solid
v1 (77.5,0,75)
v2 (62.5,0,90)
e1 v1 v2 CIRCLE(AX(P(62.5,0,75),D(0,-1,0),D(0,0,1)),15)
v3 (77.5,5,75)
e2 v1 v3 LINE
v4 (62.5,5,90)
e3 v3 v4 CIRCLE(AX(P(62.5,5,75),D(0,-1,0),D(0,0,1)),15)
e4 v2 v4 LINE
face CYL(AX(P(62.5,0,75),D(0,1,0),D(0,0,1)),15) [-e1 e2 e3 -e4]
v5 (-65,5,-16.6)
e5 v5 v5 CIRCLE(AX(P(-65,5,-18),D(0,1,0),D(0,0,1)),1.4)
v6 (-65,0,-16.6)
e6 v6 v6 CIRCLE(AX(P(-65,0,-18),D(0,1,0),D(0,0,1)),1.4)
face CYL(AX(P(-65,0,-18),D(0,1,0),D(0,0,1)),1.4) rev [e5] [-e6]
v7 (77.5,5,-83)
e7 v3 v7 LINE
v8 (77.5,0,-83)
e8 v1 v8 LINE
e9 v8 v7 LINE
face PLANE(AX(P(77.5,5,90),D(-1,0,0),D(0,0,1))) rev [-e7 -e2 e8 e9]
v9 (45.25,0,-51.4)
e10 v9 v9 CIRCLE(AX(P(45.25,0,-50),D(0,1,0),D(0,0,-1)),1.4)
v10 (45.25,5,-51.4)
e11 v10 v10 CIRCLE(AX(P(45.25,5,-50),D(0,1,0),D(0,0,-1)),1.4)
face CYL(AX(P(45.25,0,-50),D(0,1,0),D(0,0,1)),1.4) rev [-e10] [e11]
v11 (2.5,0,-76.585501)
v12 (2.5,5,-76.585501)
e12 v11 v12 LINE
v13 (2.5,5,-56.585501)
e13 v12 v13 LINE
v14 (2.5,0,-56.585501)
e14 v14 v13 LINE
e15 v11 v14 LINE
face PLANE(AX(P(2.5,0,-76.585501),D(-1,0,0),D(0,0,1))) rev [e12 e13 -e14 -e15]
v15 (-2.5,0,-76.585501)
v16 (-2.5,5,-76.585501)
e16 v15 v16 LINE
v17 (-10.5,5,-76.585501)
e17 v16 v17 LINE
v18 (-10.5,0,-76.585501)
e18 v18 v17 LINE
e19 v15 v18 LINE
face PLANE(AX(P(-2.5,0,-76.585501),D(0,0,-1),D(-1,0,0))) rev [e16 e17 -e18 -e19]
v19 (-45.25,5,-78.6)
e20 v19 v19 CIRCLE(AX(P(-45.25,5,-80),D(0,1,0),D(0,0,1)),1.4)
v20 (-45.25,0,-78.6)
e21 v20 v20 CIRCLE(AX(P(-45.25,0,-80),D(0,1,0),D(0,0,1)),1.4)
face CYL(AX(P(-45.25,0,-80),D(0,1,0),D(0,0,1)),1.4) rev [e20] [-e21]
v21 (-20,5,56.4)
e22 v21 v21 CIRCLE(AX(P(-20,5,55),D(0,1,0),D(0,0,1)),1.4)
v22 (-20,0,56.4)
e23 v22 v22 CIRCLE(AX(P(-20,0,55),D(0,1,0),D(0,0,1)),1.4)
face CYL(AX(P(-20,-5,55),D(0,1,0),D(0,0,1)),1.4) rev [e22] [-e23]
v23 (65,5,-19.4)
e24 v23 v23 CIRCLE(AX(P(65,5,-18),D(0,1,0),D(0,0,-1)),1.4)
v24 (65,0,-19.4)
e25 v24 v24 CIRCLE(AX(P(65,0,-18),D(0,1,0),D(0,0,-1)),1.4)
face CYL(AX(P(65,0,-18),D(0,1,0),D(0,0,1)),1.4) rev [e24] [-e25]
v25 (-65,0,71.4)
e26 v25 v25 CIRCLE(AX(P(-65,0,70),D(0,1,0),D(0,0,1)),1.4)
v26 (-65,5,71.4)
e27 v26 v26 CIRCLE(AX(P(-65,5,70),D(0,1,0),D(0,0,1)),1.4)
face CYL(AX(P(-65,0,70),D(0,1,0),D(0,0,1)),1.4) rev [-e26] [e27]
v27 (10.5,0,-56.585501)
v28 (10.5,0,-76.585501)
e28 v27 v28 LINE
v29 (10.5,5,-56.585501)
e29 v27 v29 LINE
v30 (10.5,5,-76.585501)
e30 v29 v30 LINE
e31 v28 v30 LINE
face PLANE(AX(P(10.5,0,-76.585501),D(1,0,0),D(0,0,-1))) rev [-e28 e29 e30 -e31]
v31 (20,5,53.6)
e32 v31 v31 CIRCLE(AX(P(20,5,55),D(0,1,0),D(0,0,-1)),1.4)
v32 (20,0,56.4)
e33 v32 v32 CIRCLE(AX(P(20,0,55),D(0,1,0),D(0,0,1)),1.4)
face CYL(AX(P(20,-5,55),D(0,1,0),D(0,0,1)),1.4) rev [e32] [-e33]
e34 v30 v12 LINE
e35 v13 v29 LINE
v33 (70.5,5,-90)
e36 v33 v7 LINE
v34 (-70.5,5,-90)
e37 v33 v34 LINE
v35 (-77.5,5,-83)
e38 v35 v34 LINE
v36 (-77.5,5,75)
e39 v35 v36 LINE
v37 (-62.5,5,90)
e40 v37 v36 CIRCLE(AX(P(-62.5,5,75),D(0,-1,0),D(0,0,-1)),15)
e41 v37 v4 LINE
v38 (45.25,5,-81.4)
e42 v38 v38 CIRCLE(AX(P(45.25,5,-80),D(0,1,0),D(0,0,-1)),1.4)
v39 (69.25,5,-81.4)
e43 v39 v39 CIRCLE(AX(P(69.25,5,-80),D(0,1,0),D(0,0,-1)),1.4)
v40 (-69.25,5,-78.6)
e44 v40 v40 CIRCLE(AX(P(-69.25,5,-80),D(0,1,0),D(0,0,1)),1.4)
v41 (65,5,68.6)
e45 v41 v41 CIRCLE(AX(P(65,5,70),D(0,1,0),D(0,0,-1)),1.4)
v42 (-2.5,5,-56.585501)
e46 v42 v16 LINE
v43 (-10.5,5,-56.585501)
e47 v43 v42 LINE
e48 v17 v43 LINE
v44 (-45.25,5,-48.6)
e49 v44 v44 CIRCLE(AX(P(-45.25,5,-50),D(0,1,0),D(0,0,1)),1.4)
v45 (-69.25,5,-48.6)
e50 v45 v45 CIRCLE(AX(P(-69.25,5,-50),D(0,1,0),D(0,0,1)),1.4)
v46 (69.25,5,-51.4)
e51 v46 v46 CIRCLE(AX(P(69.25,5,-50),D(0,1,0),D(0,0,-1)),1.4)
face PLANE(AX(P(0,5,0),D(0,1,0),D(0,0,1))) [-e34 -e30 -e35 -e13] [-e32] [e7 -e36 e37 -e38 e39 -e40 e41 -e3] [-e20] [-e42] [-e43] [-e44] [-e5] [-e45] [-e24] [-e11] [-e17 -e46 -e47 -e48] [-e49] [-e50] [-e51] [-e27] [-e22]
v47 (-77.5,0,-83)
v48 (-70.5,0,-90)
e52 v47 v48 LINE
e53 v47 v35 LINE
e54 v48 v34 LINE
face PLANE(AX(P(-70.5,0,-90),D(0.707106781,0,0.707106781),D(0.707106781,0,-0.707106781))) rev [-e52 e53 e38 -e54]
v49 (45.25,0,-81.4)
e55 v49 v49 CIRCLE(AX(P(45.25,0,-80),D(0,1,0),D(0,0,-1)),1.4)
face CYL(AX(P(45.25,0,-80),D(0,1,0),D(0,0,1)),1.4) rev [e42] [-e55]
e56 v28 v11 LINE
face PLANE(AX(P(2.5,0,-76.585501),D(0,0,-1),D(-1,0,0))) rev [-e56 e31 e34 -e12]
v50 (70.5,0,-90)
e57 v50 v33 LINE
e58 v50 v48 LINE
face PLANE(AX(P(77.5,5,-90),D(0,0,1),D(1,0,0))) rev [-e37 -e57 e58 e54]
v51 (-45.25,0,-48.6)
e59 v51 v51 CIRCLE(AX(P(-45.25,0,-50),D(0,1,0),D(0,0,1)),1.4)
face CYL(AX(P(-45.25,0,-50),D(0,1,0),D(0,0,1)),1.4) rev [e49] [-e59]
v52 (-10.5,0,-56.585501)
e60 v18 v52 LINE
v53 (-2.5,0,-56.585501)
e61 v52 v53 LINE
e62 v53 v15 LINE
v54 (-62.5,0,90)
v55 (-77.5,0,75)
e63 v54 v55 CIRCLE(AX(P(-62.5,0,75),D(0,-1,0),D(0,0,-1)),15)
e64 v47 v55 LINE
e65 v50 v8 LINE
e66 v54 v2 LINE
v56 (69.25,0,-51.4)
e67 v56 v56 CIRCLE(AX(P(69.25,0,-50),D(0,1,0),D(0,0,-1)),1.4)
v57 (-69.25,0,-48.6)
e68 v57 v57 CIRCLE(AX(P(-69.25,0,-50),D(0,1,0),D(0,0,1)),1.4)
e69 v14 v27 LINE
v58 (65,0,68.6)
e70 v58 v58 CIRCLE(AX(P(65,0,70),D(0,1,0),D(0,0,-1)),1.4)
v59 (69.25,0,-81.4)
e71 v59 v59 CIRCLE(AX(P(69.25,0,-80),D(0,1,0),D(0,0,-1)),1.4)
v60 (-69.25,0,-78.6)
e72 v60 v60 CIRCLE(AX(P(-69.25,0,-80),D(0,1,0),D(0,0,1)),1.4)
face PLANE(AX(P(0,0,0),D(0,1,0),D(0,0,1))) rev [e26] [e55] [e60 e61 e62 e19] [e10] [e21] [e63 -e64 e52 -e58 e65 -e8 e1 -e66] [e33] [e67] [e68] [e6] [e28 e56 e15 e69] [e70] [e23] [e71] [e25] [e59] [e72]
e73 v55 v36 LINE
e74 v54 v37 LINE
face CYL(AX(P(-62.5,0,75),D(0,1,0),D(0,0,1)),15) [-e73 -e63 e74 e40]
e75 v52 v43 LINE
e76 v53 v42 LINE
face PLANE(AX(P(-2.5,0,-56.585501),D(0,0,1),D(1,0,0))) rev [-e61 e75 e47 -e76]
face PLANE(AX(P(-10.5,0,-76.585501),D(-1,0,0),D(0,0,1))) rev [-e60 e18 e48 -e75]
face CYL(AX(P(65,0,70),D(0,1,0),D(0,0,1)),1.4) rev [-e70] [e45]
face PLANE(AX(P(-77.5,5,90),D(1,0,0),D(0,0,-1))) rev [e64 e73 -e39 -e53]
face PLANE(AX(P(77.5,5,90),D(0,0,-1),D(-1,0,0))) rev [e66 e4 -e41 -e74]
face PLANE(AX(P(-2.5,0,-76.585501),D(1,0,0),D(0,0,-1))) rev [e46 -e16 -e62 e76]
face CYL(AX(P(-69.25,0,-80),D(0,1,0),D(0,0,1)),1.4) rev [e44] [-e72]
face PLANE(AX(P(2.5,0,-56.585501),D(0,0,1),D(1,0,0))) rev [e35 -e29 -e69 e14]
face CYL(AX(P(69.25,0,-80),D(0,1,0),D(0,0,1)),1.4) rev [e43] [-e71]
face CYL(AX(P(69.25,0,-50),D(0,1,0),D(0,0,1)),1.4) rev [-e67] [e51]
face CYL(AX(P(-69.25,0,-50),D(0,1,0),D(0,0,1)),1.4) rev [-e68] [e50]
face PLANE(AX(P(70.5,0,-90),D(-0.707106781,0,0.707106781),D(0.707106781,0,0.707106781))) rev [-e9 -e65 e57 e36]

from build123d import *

# Parameters (mm, degrees)
SKETCH7_W           = 155
SKETCH7_H           = 180
BOSS_EXTRUDE2_DEPTH = 5
SKETCH8_R           = 1.4
CUT_EXTRUDE3_DEPTH  = 5
SKETCH9_R           = 1.4
CUT_EXTRUDE4_DEPTH  = 5
CUT_EXTRUDE5_DEPTH  = 5
SKETCH11_W          = 8
SKETCH11_H          = 20
CUT_EXTRUDE6_DEPTH  = 5
CUT_EXTRUDE7_DEPTH  = 5
SKETCH15_R          = 1.4
CUT_EXTRUDE8_DEPTH  = 10


with BuildPart() as part:
    # Sketch7 → Boss-Extrude2 (new body)
    with BuildSketch(Plane(origin=(0, 0, 0), x_dir=(1, 0, 0), z_dir=(0, 1, 0))):
        Rectangle(SKETCH7_W, SKETCH7_H)
    extrude(amount=BOSS_EXTRUDE2_DEPTH)

    # Sketch8 → Cut-Extrude3 (cut)
    with BuildSketch(Plane(origin=(0, 5, 0), x_dir=(1, 0, 0), z_dir=(0, 1, 0))):
        with Locations(Location((-69.25, 80, 0), (0, 0, 270))):
            Circle(SKETCH8_R)
        with Locations(Location((-69.25, 50, 0), (0, 0, 270))):
            Circle(SKETCH8_R)
        with Locations(Location((-45.25, 50, 0), (0, 0, 270))):
            Circle(SKETCH8_R)
        with Locations(Location((-45.25, 80, 0), (0, 0, 270))):
            Circle(SKETCH8_R)
        with Locations(Location((45.25, 80, 0), (0, 0, 90))):
            Circle(SKETCH8_R)
        with Locations(Location((45.25, 50, 0), (0, 0, 90))):
            Circle(SKETCH8_R)
        with Locations(Location((69.25, 50, 0), (0, 0, 90))):
            Circle(SKETCH8_R)
        with Locations(Location((69.25, 80, 0), (0, 0, 90))):
            Circle(SKETCH8_R)
    extrude(amount=-CUT_EXTRUDE3_DEPTH, mode=Mode.SUBTRACT)

    # Sketch9 → Cut-Extrude4 (cut)
    with BuildSketch(Plane(origin=(0, 5, 0), x_dir=(1, 0, 0), z_dir=(0, 1, 0))):
        with Locations(Location((-65, 18, 0), (0, 0, 270))):
            Circle(SKETCH9_R)
        with Locations(Location((65, 18, 0), (0, 0, 90))):
            Circle(SKETCH9_R)
        with Locations(Location((-65, -70, 0), (0, 0, 270))):
            Circle(SKETCH9_R)
        with Locations(Location((65, -70, 0), (0, 0, 90))):
            Circle(SKETCH9_R)
    extrude(amount=-CUT_EXTRUDE4_DEPTH, mode=Mode.SUBTRACT)

    # Sketch10 → Cut-Extrude5 (cut)
    with BuildSketch(Plane(origin=(0, 5, 0), x_dir=(1, 0, 0), z_dir=(0, 1, 0))):
        with BuildLine():
            Line((-77.5, -90), (-62.5, -90))
            ThreePointArc((-62.5, -90), (-73.106601718, -85.606601718), (-77.5, -75))
            Line((-77.5, -75), (-77.5, -90))
        make_face()
        with BuildLine():
            Line((77.5, -90), (77.5, -75))
            ThreePointArc((77.5, -75), (73.106601718, -85.606601718), (62.5, -90))
            Line((62.5, -90), (77.5, -90))
        make_face()
    extrude(amount=-CUT_EXTRUDE5_DEPTH, mode=Mode.SUBTRACT)

    # Sketch11 → Cut-Extrude6 (cut)
    with BuildSketch(Plane(origin=(0, 5, 0), x_dir=(1, 0, 0), z_dir=(0, 1, 0))):
        with Locations((6.5, 66.58550083)):
            Rectangle(SKETCH11_W, SKETCH11_H)
        with Locations((-6.5, 66.58550083)):
            Rectangle(SKETCH11_W, SKETCH11_H)
    extrude(amount=-CUT_EXTRUDE6_DEPTH, mode=Mode.SUBTRACT)

    # Sketch13 → Cut-Extrude7 (cut)
    with BuildSketch(Plane(origin=(0, 5, 0), x_dir=(1, 0, 0), z_dir=(0, 1, 0))):
        Polygon((-70.5, 90), (-77.5, 83), (-77.5, 90), align=None)
        Polygon((70.5, 90), (77.5, 83), (77.5, 90), align=None)
    extrude(amount=-CUT_EXTRUDE7_DEPTH, mode=Mode.SUBTRACT)

    # Sketch15 → Cut-Extrude8 (cut)
    with BuildSketch(Plane(origin=(0, 5, 0), x_dir=(1, 0, 0), z_dir=(0, 1, 0))):
        with Locations(Location((-20, -55, 0), (0, 0, 270))):
            Circle(SKETCH15_R)
        with Locations(Location((20, -55, 0), (0, 0, 270))):
            Circle(SKETCH15_R)
    extrude(amount=-CUT_EXTRUDE8_DEPTH, mode=Mode.SUBTRACT)


solid = part.part
